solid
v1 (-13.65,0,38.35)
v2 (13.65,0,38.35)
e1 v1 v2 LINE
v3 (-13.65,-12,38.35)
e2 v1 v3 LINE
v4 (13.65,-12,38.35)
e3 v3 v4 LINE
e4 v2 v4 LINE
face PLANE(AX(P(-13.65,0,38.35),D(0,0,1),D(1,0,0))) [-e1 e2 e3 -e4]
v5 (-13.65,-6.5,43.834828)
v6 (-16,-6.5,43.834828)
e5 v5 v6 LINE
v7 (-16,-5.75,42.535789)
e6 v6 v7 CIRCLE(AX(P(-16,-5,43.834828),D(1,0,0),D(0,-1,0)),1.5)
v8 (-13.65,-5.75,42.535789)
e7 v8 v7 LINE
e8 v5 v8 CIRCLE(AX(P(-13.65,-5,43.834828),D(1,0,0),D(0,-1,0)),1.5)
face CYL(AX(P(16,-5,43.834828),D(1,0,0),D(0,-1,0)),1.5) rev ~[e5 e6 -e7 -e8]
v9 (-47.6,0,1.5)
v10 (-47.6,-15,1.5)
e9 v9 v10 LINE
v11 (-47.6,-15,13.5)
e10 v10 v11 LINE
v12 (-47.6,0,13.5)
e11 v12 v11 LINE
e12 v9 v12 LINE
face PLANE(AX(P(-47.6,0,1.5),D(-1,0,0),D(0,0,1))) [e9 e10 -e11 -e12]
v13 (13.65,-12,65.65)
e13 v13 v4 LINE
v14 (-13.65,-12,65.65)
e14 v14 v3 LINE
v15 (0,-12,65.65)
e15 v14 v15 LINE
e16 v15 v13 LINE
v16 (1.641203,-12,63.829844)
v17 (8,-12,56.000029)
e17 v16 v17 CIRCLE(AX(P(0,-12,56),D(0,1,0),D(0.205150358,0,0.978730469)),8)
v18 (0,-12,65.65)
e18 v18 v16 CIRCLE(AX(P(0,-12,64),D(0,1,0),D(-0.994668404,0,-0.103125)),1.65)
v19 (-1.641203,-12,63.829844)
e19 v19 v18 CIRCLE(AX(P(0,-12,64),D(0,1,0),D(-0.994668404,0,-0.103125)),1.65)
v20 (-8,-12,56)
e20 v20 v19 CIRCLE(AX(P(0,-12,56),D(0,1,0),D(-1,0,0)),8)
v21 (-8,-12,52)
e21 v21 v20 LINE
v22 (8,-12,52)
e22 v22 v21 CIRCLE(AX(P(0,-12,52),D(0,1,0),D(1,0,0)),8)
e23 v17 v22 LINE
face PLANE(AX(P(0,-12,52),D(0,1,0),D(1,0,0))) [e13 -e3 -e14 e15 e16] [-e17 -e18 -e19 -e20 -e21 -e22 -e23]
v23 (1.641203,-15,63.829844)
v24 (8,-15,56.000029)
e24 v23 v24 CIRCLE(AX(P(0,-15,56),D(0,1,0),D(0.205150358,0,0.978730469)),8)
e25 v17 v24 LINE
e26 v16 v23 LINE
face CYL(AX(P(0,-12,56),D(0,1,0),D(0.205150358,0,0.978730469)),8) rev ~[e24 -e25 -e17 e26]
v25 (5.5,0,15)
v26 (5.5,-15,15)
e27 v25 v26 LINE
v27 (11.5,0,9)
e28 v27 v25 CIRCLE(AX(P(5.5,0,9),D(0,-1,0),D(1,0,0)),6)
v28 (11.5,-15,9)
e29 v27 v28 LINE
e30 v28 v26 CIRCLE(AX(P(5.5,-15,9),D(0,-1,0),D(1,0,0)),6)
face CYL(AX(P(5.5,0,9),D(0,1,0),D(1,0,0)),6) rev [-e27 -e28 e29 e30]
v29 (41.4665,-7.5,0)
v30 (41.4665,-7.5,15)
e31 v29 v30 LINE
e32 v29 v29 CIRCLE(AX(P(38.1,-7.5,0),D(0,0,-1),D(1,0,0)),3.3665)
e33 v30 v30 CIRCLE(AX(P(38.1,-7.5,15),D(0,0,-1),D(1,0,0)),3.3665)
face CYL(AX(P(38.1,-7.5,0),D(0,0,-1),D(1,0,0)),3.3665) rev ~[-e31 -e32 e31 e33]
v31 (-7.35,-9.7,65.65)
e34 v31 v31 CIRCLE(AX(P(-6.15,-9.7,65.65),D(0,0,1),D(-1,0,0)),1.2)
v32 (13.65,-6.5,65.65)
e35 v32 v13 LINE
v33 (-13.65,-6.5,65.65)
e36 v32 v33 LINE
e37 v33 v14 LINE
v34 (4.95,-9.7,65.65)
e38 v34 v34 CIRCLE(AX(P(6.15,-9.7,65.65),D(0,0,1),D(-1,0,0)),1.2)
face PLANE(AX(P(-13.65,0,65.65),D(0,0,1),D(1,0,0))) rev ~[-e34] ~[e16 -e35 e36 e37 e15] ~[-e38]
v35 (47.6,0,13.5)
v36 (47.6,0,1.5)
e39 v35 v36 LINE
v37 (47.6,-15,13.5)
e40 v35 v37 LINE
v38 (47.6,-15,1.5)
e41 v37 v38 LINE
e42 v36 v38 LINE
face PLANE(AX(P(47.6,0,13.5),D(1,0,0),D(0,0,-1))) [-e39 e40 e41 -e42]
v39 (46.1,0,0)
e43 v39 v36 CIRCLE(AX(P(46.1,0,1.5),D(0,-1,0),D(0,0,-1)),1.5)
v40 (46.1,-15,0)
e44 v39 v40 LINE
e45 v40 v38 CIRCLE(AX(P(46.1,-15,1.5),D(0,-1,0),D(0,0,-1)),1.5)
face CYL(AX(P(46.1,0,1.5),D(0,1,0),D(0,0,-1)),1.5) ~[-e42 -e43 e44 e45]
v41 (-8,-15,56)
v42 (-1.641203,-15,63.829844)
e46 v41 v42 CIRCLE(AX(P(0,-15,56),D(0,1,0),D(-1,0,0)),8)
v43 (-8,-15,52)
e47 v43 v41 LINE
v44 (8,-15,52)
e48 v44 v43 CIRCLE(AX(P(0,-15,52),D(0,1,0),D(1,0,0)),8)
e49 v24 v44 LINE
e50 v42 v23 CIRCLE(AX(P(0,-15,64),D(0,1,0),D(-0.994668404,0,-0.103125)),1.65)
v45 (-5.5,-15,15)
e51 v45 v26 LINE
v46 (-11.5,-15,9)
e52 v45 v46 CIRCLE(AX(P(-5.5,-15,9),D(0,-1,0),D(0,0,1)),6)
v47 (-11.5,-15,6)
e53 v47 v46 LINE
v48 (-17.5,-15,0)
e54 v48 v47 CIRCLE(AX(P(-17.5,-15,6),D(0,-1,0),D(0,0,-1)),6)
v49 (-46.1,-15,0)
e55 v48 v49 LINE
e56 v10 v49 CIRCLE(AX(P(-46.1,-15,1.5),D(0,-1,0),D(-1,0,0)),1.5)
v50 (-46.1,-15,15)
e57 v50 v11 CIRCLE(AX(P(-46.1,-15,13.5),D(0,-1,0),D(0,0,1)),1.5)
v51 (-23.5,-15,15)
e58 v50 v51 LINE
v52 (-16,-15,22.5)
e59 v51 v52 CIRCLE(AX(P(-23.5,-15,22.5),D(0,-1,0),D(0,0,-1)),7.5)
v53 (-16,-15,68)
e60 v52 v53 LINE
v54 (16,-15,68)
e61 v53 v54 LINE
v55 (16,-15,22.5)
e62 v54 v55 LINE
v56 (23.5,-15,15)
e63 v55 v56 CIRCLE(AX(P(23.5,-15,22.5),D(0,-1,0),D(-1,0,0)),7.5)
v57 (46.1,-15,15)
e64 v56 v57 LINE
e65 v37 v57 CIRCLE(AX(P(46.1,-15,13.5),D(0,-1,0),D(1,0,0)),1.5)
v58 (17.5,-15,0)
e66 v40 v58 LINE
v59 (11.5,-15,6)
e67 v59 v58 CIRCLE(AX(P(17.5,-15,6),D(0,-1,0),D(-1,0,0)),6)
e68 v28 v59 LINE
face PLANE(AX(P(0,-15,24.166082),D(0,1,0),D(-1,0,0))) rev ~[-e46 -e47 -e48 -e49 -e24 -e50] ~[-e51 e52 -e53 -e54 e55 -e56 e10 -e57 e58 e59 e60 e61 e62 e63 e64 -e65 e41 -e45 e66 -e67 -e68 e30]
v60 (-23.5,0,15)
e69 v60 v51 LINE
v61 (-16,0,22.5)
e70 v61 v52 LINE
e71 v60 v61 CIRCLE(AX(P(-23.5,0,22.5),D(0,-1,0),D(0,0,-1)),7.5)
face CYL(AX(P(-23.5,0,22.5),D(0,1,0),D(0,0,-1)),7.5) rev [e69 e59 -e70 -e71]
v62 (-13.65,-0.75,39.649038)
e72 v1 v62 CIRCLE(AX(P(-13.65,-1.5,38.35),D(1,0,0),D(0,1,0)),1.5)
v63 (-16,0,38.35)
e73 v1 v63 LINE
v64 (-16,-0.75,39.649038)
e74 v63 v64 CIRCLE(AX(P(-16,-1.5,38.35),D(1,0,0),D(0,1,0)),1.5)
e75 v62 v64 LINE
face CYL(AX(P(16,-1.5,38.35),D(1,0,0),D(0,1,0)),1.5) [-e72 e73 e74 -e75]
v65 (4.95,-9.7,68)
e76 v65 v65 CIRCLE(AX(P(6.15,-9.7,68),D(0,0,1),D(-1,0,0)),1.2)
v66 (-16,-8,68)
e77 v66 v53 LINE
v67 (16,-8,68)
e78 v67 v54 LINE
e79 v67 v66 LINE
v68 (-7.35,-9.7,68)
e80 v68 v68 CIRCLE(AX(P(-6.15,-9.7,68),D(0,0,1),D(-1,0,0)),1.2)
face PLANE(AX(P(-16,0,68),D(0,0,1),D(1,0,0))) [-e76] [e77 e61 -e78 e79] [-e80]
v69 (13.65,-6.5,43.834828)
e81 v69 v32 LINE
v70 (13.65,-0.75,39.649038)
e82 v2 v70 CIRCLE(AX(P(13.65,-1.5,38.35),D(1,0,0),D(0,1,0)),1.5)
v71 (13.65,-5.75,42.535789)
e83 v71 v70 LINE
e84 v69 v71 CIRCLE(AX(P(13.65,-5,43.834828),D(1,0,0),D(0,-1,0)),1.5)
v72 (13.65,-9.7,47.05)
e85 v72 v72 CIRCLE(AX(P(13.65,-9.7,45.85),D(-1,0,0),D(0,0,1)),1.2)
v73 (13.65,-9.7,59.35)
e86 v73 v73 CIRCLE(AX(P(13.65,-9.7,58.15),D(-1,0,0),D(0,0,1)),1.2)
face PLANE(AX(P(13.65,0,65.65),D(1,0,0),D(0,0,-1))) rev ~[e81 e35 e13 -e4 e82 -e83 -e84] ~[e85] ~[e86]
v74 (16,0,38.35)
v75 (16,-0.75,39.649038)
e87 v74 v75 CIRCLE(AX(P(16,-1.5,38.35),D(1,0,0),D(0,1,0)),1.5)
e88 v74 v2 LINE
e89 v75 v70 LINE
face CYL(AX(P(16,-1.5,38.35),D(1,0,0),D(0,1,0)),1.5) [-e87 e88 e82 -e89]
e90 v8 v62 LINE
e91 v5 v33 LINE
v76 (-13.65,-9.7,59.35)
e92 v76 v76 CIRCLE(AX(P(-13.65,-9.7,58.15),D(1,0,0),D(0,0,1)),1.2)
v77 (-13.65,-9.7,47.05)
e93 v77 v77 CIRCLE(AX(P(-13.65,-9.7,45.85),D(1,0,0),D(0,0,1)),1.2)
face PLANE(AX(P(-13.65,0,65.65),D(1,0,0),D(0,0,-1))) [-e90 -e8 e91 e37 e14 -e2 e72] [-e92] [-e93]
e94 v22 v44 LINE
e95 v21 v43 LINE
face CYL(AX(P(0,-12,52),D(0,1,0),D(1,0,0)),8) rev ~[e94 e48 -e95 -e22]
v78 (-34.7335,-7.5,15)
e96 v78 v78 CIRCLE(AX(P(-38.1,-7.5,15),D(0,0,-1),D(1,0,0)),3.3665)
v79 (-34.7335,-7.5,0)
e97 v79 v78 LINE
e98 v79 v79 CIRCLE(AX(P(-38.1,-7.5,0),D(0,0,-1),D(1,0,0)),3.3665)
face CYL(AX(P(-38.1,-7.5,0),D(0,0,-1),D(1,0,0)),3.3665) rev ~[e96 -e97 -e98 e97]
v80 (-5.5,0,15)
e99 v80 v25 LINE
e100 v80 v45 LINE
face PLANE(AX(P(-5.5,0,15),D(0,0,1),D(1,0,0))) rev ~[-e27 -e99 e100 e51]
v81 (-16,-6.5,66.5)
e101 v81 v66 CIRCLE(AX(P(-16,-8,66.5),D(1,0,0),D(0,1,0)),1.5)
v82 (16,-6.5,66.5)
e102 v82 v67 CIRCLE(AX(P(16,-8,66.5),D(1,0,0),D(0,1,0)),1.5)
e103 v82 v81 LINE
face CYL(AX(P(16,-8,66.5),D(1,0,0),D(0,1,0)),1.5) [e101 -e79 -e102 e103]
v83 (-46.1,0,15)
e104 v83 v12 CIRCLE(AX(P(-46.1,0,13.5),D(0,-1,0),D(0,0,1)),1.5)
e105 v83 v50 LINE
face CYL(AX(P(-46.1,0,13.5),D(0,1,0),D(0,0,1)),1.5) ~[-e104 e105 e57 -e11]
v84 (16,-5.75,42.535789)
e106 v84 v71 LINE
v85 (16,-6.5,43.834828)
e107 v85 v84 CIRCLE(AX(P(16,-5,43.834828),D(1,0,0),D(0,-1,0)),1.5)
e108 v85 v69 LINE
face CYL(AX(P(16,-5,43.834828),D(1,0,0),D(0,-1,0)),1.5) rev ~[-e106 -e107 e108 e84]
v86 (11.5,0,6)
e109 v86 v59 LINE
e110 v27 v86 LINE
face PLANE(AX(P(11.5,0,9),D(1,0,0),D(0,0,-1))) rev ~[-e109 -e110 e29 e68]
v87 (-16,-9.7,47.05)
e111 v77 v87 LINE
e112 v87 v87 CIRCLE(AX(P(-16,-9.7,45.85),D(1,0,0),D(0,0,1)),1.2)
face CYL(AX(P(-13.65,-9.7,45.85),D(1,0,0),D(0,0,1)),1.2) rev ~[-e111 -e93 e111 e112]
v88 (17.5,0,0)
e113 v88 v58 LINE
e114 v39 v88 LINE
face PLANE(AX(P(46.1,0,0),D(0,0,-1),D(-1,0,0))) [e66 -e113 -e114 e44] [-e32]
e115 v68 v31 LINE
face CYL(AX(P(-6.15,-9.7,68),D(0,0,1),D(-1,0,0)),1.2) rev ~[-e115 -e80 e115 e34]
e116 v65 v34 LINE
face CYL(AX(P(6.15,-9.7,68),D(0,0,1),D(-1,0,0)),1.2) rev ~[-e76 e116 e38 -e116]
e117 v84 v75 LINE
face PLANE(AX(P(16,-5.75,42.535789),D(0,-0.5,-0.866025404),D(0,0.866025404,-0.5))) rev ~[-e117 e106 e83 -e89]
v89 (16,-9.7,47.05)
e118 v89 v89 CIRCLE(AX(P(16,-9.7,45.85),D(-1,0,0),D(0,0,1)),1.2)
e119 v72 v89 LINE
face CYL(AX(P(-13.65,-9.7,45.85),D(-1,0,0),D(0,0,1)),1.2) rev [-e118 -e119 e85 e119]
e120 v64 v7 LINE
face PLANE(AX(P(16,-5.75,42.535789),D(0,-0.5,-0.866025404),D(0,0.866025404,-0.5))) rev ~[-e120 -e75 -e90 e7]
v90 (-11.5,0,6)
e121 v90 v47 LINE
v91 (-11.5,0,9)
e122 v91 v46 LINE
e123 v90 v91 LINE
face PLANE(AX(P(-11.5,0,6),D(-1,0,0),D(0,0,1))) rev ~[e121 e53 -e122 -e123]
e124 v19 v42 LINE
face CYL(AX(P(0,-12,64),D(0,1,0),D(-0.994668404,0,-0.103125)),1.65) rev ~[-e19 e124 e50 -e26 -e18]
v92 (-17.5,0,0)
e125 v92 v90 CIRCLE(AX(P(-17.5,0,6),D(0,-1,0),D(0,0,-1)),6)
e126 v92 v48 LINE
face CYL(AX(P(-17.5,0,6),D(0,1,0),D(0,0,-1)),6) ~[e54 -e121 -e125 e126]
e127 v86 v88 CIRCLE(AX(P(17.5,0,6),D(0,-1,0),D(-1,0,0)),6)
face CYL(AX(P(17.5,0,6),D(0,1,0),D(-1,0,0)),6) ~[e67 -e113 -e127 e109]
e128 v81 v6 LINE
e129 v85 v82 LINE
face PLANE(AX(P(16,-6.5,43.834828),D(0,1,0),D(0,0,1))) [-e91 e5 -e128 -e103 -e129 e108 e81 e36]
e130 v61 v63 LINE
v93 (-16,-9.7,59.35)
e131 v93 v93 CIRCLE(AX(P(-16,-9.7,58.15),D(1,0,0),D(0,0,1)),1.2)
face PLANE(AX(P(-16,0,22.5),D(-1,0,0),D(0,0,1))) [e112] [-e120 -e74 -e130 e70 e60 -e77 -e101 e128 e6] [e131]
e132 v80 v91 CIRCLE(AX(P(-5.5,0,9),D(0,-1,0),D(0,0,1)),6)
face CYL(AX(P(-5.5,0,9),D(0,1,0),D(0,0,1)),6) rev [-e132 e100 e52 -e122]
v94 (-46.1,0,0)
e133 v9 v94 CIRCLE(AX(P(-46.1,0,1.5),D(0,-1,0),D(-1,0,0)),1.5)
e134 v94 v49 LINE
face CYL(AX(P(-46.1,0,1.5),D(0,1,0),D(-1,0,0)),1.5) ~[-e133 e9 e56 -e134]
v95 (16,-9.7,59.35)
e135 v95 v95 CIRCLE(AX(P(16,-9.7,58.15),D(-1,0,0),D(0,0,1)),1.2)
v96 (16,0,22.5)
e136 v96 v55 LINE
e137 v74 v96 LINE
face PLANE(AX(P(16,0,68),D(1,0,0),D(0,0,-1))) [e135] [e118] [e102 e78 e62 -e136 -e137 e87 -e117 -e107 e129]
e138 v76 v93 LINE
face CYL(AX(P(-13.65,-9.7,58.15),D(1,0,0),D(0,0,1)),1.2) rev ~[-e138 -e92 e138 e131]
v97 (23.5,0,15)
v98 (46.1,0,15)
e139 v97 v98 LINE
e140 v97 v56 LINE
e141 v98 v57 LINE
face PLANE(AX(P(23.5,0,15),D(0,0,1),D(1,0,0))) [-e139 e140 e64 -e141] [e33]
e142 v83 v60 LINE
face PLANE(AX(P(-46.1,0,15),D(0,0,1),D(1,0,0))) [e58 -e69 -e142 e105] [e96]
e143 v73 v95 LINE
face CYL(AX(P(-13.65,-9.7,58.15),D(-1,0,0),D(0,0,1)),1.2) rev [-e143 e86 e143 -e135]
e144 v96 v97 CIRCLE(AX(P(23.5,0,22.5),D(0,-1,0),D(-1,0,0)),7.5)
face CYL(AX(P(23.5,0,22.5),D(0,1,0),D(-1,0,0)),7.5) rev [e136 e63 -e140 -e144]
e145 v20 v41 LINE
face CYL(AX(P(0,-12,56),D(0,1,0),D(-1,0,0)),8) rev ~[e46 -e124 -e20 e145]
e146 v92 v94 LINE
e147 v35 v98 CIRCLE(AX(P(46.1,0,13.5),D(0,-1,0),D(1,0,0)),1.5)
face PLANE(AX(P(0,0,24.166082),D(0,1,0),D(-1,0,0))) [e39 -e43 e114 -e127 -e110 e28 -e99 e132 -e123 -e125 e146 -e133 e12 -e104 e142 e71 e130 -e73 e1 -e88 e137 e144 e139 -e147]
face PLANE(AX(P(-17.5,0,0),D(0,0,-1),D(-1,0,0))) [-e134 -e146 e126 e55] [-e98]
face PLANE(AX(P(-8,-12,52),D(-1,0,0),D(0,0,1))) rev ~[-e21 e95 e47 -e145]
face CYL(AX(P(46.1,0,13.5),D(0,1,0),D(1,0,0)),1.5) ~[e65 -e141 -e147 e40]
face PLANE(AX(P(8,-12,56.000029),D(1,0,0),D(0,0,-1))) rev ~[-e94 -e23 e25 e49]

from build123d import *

# Parameters (mm, degrees)
PAD008_DEPTH         = 15
SKETCH021_W          = 27.3
SKETCH021_H          = 27.3
POCKET006_DEPTH      = 12
POCKET007_DEPTH      = 5
SKETCH023_R          = 3.3665
POCKET008_DEPTH      = 68.001
SKETCH024_R          = 1.2
POCKET009_DEPTH      = 2.35
SKETCH026_R          = 1.2
POCKET010_DEPTH      = 33.951
POCKET010_DEPTH_BACK = 61.251
POCKET011_DEPTH      = 63.601


with BuildPart() as part:
    # Sketch020 → Pad008 (new body)
    with BuildSketch(Plane.XZ):
        with BuildLine():
            Line((-47.6, 1.5), (-47.6, 13.5))
            ThreePointArc((-46.1, 15), (-47.1606601718, 14.5606601718), (-47.6, 13.5))
            Line((-46.1, 15), (-23.5, 15))
            ThreePointArc((-23.5, 15), (-18.1966991411, 17.1966991411), (-16, 22.5))
            Line((-16, 22.5), (-16, 68))
            Line((-16, 68), (16, 68))
            Line((16, 68), (16, 22.5))
            ThreePointArc((16, 22.5), (18.1966991411, 17.1966991411), (23.5, 15))
            Line((23.5, 15), (46.1, 15))
            ThreePointArc((47.6, 13.5), (47.1606601718, 14.5606601718), (46.1, 15))
            Line((47.6, 13.5), (47.6, 1.5))
            ThreePointArc((46.1, 0), (47.1606601718, 0.4393398282), (47.6, 1.5))
            Line((46.1, 0), (17.5, 0))
            ThreePointArc((11.5, 6), (13.2573593129, 1.7573593129), (17.5, 0))
            Line((11.5, 9), (11.5, 6))
            ThreePointArc((11.5, 9), (9.7426406871, 13.2426406871), (5.5, 15))
            Line((-5.5, 15), (5.5, 15))
            ThreePointArc((-5.5, 15), (-9.7426406871, 13.2426406871), (-11.5, 9))
            Line((-11.5, 6), (-11.5, 9))
            ThreePointArc((-17.5, 0), (-13.2573593129, 1.7573593129), (-11.5, 6))
            Line((-17.5, 0), (-46.1, 0))
            ThreePointArc((-47.6, 1.5), (-47.1606601718, 0.4393398282), (-46.1, 0))
        make_face()
    extrude(amount=PAD008_DEPTH)

    # Sketch021 (on Face23 of Pad008) → Pocket006 (cut)
    with BuildSketch(Plane(origin=(0, 0, 0), x_dir=(1, 0, 0), z_dir=(0, 1, 0))):
        with Locations((0, -52)):
            Rectangle(SKETCH021_W, SKETCH021_H)
    extrude(amount=-POCKET006_DEPTH, mode=Mode.SUBTRACT)

    # Sketch022 (on Face29 of Pocket006) → Pocket007 (cut)
    with BuildSketch(Plane(origin=(0, -12, 0), x_dir=(1, 0, 0), z_dir=(0, 1, 0))):
        with BuildLine():
            ThreePointArc((-8, -56.0000000001), (-6.2100572838, -61.0433310949), (-1.6412028669, -63.8298437501))
            ThreePointArc((-1.6412028669, -63.8298437501), (0, -65.65), (1.6412028669, -63.8298437501))
            ThreePointArc((1.6412028669, -63.8298437501), (6.2100482063, -61.0433422724), (7.9999999999, -56.0000287985))
            Line((7.9999999999, -56.0000287985), (7.9999999999, -52.0000000001))
            ThreePointArc((8, -52.0000000001), (0, -44.0000000001), (-8, -52.0000000001))
            Line((-8, -52.0000000001), (-8, -56.0000000001))
        make_face()
    extrude(amount=-POCKET007_DEPTH, mode=Mode.SUBTRACT)

    # Sketch023 (on Face22 of Pocket007) → Pocket008 (cut, through all)
    with BuildSketch(Plane(origin=(0, 0, 0), x_dir=(1, 0, 0), z_dir=(0, 0, -1))):
        with Locations((38.1, 7.5)):
            Circle(SKETCH023_R)
        with Locations((-38.1, 7.5)):
            Circle(SKETCH023_R)
    extrude(amount=-POCKET008_DEPTH, mode=Mode.SUBTRACT)

    # Sketch024 (on Face13 of Pocket008) → Pocket009 (cut)
    with BuildSketch(Plane(origin=(0, 0, 68), x_dir=(-1, 0, 0), z_dir=(0, 0, 1))):
        with Locations((-6.15, 9.7)):
            Circle(SKETCH024_R)
        with Locations((6.15, 9.7)):
            Circle(SKETCH024_R)
    extrude(amount=-POCKET009_DEPTH, mode=Mode.SUBTRACT)

    # Sketch026 (on Face27 of Pocket009) → Pocket010 (cut, two sides)
    with BuildSketch(Plane(origin=(-13.65, 0, 0), x_dir=(0, 0, 1), z_dir=(1, 0, 0))) as pocket010_sk:
        with Locations((45.85, 9.7)):
            Circle(SKETCH026_R)
        with Locations((58.15, 9.7)):
            Circle(SKETCH026_R)
    extrude(amount=-POCKET010_DEPTH, mode=Mode.SUBTRACT)
    extrude(pocket010_sk.sketch, amount=POCKET010_DEPTH_BACK, mode=Mode.SUBTRACT)

    # Sketch027 (on Face15 of Pocket010) → Pocket011 (cut, through all)
    with BuildSketch(Plane(origin=(16, 0, 0), x_dir=(0, 0, 1), z_dir=(1, 0, 0))):
        with BuildLine():
            ThreePointArc((66.5, 6.5), (67.5606601718, 6.9393398282), (68, 8))
            Line((68, 8), (68, 0))
            Line((68, 0), (38.35, 0))
            ThreePointArc((38.35, 0), (39.1, 0.2009618943), (39.6490381057, 0.75))
            Line((42.5357894517, 5.75), (39.6490381057, 0.75))
            ThreePointArc((43.8348275573, 6.5), (43.0848275573, 6.2990381057), (42.5357894517, 5.75))
            Line((43.8348275573, 6.5), (66.5, 6.5))
        make_face()
    extrude(amount=-POCKET011_DEPTH, mode=Mode.SUBTRACT)


solid = part.part
